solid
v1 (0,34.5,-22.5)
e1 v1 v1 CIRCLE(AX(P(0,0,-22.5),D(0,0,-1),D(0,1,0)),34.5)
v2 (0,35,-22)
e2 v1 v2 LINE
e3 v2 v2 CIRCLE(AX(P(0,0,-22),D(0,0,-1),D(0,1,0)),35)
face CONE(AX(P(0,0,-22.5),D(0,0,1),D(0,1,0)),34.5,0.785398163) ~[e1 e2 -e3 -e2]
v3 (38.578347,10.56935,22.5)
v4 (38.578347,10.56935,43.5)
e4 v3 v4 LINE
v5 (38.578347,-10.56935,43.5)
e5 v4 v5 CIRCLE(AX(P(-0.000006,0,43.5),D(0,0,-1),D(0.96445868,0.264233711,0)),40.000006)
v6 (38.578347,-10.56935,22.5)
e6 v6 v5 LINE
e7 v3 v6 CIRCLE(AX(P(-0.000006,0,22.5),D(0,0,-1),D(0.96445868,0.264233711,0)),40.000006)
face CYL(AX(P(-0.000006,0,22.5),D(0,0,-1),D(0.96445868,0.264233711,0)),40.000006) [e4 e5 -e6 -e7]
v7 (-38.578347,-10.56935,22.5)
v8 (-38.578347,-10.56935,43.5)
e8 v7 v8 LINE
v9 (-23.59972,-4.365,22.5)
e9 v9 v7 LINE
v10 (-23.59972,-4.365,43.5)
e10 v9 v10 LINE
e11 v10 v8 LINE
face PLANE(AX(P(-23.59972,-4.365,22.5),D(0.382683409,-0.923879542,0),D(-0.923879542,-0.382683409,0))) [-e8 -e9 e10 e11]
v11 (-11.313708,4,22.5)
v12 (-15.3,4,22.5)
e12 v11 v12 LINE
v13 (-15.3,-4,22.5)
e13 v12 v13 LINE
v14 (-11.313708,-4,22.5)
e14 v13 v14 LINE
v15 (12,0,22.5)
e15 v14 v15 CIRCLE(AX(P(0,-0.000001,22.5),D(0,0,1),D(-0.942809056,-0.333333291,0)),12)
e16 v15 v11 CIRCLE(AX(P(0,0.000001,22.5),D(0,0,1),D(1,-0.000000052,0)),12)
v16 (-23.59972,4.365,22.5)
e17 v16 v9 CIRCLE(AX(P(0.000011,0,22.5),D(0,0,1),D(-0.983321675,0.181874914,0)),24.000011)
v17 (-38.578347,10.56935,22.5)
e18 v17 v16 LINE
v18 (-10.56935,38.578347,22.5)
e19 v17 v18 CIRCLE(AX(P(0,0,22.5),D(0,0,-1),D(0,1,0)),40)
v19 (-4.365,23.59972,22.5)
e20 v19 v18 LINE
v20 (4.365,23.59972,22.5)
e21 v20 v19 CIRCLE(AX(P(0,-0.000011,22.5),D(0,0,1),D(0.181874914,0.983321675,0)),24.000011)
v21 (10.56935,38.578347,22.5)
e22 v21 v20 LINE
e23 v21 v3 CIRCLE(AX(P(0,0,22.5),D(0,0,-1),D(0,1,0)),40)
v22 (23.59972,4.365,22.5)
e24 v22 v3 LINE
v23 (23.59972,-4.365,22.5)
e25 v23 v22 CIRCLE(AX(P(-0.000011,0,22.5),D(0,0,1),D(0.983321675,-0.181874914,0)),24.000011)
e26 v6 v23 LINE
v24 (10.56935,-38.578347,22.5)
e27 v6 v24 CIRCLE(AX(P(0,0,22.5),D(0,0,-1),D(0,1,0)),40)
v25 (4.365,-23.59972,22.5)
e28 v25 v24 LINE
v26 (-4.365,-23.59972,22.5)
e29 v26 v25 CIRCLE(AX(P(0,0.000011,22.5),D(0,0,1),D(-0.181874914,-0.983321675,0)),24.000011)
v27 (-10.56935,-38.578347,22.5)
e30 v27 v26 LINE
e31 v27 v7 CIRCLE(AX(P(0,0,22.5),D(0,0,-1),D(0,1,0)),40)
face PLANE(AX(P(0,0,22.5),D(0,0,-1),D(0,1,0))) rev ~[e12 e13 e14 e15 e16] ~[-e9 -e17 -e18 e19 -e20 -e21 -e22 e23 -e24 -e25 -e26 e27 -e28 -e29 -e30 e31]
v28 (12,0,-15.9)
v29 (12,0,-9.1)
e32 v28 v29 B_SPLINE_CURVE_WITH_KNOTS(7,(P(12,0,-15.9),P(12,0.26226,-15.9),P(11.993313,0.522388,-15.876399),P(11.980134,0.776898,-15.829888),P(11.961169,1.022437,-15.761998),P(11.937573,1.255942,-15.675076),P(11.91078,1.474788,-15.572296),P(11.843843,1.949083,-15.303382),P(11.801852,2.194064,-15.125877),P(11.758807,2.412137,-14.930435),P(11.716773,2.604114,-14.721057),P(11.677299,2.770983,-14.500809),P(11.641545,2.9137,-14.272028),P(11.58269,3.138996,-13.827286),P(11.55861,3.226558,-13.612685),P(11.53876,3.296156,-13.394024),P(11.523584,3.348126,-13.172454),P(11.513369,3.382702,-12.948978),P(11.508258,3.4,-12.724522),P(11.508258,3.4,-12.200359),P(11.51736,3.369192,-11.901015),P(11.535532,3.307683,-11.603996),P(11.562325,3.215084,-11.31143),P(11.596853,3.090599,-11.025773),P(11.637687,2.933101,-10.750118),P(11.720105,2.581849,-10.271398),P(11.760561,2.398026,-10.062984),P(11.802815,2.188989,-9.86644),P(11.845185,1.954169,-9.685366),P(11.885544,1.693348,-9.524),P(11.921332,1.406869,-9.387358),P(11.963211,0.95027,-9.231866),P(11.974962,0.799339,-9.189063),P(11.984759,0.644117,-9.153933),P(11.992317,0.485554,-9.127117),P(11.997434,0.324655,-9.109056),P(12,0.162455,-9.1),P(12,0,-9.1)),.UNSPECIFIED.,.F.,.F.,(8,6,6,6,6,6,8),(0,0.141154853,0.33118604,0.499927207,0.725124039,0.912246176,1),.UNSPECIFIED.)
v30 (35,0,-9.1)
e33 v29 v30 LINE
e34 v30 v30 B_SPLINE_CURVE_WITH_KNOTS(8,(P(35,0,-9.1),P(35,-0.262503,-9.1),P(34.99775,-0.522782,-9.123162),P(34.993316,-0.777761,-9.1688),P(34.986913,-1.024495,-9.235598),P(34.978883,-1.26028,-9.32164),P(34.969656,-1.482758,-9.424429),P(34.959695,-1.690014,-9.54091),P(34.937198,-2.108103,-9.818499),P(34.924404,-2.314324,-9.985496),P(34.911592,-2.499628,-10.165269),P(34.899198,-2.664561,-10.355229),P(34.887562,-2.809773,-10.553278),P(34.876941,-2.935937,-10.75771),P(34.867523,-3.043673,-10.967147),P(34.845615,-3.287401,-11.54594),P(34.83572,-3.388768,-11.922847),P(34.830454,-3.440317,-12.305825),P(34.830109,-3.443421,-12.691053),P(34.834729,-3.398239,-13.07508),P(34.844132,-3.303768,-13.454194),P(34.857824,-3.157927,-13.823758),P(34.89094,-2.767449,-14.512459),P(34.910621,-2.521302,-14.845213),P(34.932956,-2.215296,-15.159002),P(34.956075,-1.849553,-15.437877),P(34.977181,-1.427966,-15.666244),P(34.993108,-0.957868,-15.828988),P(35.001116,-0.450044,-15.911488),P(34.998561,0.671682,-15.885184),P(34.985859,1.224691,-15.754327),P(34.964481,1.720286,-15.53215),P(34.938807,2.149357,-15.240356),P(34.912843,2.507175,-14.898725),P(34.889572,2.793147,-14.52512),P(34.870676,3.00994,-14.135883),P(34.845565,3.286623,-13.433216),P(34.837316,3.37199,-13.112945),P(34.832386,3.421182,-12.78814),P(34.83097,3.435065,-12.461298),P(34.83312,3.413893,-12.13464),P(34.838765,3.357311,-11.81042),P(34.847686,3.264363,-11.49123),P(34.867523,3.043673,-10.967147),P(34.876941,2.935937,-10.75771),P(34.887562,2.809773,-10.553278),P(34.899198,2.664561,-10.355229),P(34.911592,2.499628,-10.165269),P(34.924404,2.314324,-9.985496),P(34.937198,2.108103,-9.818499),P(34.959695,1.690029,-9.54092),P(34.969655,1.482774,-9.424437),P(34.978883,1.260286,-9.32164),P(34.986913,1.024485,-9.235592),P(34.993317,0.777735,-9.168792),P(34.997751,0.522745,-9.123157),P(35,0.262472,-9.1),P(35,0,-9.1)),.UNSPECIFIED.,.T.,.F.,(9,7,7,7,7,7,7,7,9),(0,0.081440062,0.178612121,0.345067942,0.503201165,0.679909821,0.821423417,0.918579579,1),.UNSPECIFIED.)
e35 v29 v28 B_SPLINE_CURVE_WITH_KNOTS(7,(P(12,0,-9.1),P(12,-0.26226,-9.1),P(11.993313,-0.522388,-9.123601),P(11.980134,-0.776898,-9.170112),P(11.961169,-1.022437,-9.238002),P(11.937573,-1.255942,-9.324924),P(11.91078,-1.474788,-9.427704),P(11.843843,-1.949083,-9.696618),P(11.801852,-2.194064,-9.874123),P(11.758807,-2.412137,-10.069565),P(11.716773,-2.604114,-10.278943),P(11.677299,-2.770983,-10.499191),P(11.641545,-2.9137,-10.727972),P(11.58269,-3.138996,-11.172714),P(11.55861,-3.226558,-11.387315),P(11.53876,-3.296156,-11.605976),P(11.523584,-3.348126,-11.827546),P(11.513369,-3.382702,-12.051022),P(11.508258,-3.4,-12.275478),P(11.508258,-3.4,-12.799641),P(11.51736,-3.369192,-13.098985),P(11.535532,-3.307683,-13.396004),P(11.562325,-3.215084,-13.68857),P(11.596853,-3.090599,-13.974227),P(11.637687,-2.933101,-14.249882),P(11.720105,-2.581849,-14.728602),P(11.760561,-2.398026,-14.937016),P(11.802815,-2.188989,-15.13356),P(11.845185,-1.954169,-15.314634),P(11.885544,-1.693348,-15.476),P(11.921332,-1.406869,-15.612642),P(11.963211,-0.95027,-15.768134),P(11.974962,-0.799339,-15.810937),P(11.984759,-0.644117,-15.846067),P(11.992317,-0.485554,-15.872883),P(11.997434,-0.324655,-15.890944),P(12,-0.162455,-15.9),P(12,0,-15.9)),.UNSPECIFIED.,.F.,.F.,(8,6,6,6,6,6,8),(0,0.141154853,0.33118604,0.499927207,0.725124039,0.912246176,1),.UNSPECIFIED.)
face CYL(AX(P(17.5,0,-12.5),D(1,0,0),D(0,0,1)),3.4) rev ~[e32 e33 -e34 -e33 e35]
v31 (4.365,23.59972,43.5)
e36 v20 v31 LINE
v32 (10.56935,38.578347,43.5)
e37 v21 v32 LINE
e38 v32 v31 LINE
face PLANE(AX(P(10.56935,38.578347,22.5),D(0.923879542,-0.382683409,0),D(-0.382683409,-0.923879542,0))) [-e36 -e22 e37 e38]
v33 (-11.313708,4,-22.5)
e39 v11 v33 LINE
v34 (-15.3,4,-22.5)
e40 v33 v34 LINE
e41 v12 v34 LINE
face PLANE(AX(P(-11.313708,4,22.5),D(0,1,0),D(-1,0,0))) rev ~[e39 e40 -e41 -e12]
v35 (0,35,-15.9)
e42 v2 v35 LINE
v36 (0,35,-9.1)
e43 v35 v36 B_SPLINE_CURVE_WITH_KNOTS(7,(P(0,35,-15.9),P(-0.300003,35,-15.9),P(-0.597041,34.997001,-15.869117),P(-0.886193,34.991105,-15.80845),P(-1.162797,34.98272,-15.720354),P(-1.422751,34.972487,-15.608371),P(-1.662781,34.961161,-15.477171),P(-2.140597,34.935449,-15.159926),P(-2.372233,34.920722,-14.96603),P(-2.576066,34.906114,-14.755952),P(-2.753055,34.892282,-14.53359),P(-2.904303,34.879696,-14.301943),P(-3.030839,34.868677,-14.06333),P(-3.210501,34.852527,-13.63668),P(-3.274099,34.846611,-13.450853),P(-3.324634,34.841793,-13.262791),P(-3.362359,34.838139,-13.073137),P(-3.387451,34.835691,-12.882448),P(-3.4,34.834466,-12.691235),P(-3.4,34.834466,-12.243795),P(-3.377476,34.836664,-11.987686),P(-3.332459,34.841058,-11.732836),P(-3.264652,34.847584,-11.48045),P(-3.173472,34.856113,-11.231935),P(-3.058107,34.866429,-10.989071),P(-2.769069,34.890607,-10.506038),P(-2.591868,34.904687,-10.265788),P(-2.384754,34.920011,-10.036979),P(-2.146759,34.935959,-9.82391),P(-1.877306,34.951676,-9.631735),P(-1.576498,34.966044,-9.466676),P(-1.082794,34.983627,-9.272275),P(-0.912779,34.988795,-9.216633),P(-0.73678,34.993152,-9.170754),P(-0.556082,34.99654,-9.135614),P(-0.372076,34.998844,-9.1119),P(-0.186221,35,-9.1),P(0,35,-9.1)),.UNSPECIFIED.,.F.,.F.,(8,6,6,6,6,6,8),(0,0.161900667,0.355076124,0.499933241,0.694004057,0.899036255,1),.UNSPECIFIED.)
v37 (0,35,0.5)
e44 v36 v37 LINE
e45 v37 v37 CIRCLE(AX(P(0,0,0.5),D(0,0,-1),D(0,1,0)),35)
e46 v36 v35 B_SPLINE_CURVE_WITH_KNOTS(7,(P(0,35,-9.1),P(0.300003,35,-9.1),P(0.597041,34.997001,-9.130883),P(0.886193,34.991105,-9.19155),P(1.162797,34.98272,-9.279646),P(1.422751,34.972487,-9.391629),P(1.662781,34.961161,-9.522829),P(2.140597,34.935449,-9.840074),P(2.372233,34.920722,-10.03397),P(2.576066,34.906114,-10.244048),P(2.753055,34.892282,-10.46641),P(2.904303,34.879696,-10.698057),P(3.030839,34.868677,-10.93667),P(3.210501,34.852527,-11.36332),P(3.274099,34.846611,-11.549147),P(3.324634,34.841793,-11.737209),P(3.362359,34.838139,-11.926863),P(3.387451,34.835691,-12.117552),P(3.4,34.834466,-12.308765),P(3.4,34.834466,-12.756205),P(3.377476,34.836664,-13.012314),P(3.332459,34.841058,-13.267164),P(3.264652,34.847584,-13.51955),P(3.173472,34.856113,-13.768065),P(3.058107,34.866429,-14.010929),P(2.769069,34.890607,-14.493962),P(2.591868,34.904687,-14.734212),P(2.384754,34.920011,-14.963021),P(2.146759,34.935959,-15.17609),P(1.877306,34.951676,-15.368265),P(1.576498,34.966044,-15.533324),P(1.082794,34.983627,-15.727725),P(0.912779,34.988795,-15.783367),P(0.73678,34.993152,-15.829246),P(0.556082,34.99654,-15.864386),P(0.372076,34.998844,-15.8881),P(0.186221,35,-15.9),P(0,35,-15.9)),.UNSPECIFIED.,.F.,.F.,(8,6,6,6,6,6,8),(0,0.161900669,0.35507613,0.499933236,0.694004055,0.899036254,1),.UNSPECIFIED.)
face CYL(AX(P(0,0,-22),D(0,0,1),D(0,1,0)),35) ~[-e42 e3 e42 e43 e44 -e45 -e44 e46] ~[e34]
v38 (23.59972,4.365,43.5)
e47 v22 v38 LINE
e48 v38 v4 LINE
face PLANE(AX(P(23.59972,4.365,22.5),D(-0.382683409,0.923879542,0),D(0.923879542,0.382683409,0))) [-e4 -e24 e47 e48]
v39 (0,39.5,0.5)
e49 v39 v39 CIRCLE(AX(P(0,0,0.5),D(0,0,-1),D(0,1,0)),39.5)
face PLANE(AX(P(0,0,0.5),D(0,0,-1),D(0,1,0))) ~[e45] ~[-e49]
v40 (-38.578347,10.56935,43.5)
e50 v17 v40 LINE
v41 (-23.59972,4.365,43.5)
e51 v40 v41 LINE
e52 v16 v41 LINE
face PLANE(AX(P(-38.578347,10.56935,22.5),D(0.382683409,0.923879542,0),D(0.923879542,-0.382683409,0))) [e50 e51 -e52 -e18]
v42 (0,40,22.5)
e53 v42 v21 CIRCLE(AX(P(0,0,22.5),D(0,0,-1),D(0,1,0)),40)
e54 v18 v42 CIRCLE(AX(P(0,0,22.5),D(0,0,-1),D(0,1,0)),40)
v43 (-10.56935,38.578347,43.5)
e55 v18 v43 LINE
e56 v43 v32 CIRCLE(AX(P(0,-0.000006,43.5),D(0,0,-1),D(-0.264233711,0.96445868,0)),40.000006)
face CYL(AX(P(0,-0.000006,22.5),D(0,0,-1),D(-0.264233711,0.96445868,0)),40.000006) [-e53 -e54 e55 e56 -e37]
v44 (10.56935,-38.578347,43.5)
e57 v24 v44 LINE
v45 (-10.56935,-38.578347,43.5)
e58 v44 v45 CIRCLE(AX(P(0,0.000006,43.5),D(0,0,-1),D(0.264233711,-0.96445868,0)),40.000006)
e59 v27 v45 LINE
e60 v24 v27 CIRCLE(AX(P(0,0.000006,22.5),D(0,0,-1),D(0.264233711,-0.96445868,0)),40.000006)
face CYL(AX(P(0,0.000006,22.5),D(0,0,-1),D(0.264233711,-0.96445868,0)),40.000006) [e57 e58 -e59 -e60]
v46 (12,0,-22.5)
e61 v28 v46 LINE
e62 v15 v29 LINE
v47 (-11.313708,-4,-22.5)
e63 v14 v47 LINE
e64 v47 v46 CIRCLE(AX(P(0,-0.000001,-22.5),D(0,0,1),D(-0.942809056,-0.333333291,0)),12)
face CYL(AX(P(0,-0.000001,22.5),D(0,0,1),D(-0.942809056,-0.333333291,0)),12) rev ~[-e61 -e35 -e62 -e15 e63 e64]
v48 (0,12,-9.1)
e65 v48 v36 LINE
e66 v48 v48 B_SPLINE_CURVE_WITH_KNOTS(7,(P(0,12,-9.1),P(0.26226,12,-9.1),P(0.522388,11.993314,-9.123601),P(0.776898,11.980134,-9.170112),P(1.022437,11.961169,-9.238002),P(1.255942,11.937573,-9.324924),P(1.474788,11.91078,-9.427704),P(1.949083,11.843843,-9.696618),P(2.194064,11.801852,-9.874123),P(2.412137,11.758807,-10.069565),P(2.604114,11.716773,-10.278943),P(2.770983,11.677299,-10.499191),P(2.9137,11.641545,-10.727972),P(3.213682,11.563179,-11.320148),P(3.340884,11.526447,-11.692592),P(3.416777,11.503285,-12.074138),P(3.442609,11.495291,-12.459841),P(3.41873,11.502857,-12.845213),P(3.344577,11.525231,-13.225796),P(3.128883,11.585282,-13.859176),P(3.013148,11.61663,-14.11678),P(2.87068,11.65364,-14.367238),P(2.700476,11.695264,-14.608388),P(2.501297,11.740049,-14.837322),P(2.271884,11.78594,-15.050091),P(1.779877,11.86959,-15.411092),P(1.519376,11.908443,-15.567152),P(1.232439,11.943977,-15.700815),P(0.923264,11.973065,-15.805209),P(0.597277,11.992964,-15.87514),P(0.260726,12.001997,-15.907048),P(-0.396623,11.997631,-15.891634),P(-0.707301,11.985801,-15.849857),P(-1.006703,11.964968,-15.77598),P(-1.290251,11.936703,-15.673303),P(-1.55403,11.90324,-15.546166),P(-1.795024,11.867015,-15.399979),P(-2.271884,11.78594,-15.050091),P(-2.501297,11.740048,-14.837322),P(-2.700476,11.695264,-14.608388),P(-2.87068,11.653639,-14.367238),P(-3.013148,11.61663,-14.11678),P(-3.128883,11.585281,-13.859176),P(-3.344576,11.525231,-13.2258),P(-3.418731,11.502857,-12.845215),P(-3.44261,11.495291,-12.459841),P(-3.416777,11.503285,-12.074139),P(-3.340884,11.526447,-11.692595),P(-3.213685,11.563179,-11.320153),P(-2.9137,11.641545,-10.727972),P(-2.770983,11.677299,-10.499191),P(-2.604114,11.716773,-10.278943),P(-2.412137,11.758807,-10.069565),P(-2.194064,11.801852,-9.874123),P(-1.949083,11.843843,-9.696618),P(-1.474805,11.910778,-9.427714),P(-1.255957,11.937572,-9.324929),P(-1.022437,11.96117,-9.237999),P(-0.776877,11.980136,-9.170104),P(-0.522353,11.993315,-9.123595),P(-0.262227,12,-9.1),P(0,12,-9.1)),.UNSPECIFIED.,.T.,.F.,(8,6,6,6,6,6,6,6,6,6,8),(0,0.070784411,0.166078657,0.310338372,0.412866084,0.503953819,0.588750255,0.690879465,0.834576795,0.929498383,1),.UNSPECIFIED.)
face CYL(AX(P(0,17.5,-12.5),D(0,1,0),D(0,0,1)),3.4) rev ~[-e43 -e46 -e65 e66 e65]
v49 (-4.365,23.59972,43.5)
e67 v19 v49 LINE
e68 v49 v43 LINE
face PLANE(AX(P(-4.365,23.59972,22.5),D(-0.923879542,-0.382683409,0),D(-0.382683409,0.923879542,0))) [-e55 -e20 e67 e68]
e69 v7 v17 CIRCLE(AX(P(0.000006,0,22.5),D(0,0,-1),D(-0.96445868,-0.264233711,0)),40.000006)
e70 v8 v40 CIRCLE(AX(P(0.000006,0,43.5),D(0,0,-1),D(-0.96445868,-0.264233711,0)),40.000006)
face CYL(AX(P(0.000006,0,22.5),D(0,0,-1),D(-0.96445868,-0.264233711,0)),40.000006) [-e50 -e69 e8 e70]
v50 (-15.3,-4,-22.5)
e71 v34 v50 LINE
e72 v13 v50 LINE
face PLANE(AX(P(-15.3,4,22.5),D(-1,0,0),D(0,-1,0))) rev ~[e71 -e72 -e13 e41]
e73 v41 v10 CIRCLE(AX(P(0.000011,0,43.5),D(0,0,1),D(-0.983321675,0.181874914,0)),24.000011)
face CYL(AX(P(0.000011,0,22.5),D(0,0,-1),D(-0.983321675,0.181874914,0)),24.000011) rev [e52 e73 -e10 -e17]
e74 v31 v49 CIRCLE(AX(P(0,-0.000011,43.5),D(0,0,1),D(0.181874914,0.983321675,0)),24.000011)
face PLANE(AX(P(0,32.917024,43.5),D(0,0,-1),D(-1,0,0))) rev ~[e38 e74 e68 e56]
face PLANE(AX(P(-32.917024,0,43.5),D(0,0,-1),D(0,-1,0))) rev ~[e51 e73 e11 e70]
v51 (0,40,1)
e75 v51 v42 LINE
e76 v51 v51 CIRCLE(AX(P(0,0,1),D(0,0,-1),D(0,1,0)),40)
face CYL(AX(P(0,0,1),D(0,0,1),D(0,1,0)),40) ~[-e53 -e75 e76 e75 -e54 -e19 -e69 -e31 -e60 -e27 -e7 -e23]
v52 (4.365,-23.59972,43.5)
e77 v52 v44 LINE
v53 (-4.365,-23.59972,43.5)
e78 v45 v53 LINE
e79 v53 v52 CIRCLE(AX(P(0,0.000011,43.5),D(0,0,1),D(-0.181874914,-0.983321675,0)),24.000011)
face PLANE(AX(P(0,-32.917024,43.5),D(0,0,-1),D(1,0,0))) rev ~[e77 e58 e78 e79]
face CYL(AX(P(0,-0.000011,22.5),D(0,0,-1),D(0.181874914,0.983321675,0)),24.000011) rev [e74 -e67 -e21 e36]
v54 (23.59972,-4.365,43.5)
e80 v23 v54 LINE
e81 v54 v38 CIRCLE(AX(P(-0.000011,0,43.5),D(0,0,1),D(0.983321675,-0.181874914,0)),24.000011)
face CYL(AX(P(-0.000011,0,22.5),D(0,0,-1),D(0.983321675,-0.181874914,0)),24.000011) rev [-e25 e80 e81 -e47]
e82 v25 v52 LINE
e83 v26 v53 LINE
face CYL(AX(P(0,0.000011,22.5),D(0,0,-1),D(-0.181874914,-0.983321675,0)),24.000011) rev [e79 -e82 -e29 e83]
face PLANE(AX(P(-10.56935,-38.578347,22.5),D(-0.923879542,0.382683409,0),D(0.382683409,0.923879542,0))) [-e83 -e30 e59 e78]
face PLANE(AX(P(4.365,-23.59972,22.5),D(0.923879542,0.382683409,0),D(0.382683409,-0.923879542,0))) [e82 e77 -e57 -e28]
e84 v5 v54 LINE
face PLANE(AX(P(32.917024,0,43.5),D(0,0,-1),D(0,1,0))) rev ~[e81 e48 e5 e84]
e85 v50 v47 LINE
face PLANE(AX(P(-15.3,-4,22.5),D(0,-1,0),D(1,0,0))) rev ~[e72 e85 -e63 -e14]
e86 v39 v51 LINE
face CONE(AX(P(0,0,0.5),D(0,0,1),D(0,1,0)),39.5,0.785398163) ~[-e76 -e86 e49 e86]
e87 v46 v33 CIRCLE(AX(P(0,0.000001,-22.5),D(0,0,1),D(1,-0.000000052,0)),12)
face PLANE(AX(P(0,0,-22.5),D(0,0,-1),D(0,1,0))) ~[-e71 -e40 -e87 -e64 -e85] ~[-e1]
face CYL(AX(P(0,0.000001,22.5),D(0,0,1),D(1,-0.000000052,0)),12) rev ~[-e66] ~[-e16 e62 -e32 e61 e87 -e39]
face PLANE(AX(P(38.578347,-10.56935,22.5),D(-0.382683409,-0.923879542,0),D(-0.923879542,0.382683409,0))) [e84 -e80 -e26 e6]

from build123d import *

# Parameters (mm, degrees)
BOSS_EXTRUDE1_DEPTH = 21
CIRPATTERN1_COUNT   = 4
CUT_EXTRUDE2_DEPTH  = 46
SKETCH12_W          = 3.4
SKETCH12_H          = 35
CIRPATTERN2_COUNT   = 2
CIRPATTERN2_ANGLE   = 90


with BuildPart() as part:
    # Sketch3 → Revolve2 (revolve)
    with BuildSketch(Plane(origin=(0, 0, 0), x_dir=(0, 0, -1), z_dir=(1, 0, 0))):
        Polygon((22.5, 0), (22.5, 34.5), (22, 35), (-0.5, 35), (-0.5, 39.5), (-1, 40), (-22.5, 40), (-22.5, 0), align=None)
    revolve(axis=Axis((0, 0, 22.5), (0, 0, -1)))

    # Sketch5 → Boss-Extrude1 (add)
    with BuildSketch(Plane.XY.offset(22.5)):
        with BuildLine():
            Line((-4.365, 23.59972), (-10.56935, 38.578347))
            ThreePointArc((-10.56935, 38.578347), (0, 40), (10.56935, 38.578347))
            Line((10.56935, 38.578347), (4.365, 23.59972))
            ThreePointArc((4.365, 23.59972), (0, 24), (-4.365, 23.59972))
        make_face()
    boss_extrude1 = extrude(amount=BOSS_EXTRUDE1_DEPTH)

    # CirPattern1: Boss-Extrude1 ×4 about axis
    cirpattern1_axis = Axis((0, 0, 0), (0, 0, 1))
    for i in range(1, CIRPATTERN1_COUNT):
        add(boss_extrude1.rotate(cirpattern1_axis, i * 360 / CIRPATTERN1_COUNT))

    # Sketch6 → Cut-Extrude2 (cut, through all)
    with BuildSketch(Plane.XY.offset(22.5)):
        with BuildLine():
            ThreePointArc((12, 0), (2.029224, 11.827183), (-11.313708, 4))
            Line((-11.313708, 4), (-8.7, 4))
            Line((-8.7, 4), (-8.7, -4))
            Line((-8.7, -4), (-11.313708, -4))
            ThreePointArc((-11.313708, -4), (2.029224, -11.827183), (12, 0))
        make_face()
        with BuildLine():
            Line((-8.7, 4), (-11.313708, 4))
            ThreePointArc((-11.313708, 4), (-12, 0), (-11.313708, -4))
            Line((-11.313708, -4), (-8.7, -4))
            Line((-8.7, -4), (-8.7, 4))
        make_face()
        with BuildLine():
            Line((-11.313708, 4), (-15.3, 4))
            Line((-15.3, 4), (-15.3, -4))
            Line((-15.3, -4), (-11.313708, -4))
            ThreePointArc((-11.313708, -4), (-12, 0), (-11.313708, 4))
        make_face()
    extrude(amount=-CUT_EXTRUDE2_DEPTH, mode=Mode.SUBTRACT)

    # Sketch12 → Tap Drill for M8x1.25 Tap2 (revolve, cut)
    with BuildSketch(Plane(origin=(0, 0, -12.5), x_dir=(0, 0, 1), z_dir=(0, 1, 0))):
        with Locations((1.7, 17.5)):
            Rectangle(SKETCH12_W, SKETCH12_H)
    tap_drill_for_m8x1_25_tap2 = revolve(axis=Axis((-6.35, 0, -12.5), (1, 0, 0)), mode=Mode.SUBTRACT)

    # CirPattern2: Tap Drill for M8x1.25 Tap2 ×2 about axis
    cirpattern2_axis = Axis((0, 0, 22.5), (0, 0, 1))
    for i in range(1, CIRPATTERN2_COUNT):
        add(tap_drill_for_m8x1_25_tap2.rotate(cirpattern2_axis, i * CIRPATTERN2_ANGLE / (CIRPATTERN2_COUNT - 1)), mode=Mode.SUBTRACT)


solid = part.part
